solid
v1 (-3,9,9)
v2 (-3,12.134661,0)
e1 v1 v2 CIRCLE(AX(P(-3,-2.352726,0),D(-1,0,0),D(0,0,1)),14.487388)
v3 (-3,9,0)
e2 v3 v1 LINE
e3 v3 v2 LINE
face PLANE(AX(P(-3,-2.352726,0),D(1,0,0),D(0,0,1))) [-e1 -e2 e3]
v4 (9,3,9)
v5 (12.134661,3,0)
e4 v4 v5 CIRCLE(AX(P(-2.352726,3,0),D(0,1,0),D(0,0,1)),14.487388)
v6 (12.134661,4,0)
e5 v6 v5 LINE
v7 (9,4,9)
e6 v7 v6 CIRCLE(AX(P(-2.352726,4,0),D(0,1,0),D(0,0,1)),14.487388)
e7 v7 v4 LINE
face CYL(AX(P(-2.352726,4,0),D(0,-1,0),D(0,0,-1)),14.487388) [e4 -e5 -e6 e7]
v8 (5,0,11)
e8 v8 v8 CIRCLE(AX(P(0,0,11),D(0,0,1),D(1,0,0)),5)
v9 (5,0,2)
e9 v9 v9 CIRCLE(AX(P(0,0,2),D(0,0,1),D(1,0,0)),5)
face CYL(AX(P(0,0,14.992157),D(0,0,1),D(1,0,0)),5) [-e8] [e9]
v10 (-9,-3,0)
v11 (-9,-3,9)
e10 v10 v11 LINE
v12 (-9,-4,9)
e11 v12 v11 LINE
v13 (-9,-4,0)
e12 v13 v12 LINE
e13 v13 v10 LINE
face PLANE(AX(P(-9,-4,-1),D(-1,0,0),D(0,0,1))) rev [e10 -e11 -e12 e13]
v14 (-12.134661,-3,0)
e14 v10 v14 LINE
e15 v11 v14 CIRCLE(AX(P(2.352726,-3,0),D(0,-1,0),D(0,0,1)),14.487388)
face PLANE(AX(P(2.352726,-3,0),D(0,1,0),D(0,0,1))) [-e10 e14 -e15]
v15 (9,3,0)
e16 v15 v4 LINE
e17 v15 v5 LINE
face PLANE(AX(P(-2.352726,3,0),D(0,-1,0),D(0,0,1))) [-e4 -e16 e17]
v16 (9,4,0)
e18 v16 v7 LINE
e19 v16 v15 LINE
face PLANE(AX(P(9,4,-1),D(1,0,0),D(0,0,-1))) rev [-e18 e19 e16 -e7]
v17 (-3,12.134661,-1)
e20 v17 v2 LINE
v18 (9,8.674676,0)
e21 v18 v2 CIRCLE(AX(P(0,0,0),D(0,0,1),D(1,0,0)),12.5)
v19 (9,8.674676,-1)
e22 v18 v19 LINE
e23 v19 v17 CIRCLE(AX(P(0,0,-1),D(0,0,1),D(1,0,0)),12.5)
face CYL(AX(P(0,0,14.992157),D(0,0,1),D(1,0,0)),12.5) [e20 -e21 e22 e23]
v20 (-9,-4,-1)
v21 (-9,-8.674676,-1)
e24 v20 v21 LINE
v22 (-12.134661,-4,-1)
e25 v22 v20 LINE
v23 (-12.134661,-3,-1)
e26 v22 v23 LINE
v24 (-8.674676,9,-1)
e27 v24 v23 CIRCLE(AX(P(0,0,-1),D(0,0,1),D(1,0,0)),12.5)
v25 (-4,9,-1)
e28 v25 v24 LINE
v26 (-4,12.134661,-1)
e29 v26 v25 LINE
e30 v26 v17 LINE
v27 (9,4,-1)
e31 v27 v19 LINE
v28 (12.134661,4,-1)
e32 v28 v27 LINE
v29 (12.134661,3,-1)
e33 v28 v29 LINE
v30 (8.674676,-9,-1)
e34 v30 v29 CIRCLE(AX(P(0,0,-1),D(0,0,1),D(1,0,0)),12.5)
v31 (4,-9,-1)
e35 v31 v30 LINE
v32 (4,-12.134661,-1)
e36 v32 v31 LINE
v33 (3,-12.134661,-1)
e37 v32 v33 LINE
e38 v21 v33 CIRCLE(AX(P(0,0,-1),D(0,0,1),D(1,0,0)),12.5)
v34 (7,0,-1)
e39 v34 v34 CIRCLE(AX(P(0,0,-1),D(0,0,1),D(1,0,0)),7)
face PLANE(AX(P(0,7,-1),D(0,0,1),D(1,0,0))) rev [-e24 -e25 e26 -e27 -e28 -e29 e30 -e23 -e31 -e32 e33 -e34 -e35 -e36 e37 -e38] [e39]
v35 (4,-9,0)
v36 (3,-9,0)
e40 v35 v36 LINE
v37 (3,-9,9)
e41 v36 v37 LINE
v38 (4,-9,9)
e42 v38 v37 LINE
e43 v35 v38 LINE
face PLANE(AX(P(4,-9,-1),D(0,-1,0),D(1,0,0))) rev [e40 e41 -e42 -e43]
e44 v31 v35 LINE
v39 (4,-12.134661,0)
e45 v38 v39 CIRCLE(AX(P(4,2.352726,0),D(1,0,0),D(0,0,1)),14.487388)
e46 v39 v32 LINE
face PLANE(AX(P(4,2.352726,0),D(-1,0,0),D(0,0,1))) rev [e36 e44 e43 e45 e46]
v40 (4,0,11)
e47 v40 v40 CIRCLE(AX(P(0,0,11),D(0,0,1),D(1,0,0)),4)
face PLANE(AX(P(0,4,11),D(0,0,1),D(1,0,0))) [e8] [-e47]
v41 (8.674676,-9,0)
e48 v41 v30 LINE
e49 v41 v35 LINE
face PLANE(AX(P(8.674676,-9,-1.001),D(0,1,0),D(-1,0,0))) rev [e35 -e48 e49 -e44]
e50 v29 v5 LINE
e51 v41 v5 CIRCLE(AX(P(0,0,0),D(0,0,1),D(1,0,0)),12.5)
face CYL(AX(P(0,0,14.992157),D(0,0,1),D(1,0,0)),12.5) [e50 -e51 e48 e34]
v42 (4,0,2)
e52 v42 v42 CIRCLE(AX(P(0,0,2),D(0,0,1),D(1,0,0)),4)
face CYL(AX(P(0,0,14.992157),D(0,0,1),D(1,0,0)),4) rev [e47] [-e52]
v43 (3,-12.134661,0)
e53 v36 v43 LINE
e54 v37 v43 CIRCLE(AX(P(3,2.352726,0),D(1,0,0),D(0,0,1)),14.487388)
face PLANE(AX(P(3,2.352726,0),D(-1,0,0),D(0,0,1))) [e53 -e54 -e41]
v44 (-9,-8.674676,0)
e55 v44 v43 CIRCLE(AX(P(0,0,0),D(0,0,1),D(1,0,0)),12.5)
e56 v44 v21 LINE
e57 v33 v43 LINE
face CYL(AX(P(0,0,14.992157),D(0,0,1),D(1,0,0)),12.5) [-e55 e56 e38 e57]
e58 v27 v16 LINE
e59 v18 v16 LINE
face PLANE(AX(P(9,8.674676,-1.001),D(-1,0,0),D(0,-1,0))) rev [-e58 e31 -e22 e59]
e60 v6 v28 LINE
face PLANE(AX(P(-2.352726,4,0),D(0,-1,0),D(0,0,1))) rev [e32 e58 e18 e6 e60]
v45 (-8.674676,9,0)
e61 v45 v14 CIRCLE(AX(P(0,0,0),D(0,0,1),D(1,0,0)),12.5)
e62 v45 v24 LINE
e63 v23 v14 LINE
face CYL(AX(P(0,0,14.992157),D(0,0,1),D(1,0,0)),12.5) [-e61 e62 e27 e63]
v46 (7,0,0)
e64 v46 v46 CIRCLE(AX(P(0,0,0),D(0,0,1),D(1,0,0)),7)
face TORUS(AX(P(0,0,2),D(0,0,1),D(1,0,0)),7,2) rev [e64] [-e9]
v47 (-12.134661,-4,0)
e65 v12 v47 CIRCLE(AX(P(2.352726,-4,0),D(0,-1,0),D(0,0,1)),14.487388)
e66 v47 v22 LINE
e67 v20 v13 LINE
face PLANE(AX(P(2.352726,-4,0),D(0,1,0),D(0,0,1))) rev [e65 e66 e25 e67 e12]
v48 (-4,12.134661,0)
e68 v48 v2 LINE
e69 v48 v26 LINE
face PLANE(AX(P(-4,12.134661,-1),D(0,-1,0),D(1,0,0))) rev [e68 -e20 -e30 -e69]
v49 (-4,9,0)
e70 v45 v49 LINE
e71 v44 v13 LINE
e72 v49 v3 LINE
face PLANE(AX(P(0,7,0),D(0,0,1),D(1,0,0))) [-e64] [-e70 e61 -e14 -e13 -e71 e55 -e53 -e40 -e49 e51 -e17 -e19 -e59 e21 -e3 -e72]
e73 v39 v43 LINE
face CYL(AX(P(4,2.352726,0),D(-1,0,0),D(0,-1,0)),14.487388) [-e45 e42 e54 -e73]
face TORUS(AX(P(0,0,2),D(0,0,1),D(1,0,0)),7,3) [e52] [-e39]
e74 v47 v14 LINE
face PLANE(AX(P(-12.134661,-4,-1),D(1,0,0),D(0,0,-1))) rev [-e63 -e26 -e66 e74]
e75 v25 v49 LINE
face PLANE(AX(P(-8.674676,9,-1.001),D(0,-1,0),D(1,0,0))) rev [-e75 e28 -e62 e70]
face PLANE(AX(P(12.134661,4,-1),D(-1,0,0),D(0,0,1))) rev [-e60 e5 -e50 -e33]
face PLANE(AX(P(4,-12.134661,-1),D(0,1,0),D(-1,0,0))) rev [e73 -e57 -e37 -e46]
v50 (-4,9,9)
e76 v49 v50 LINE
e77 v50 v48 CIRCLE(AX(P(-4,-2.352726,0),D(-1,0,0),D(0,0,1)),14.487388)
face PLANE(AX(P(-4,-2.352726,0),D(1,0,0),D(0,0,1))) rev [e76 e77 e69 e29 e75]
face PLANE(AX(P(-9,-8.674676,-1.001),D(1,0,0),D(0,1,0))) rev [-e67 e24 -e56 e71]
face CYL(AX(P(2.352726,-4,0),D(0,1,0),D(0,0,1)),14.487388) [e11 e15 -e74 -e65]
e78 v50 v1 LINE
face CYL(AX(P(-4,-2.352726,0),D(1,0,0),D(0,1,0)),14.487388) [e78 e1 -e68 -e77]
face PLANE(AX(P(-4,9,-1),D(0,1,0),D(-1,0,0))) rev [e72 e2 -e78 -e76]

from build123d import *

# Parameters (mm, degrees)
CUT_EXTRUDE1_REACH  = 22.821
SKETCH2_W           = 5.674675786
SKETCH2_H           = 3.1346611
BOSS_EXTRUDE1_DEPTH = 1
CIRPATTERN1_COUNT   = 4


with BuildPart() as part:
    # Sketch1 → Revolve-Thin2 (revolve)
    with BuildSketch(Plane.YZ, mode=Mode.PRIVATE) as revolve_thin2_sk:
        with BuildLine():
            Line((5, 11), (5, 2))
            ThreePointArc((5, 2), (5.585786438, 0.585786438), (7, 0))
            Line((7, 0), (12.5, 0))
            Line((12.5, 0), (12.5, -1))
            Line((12.5, -1), (7, -1))
            ThreePointArc((7, -1), (4.878679656, -0.121320344), (4, 2))
            Line((4, 2), (4, 11))
            Line((4, 11), (5, 11))
        make_face()
    revolve(revolve_thin2_sk.sketch.rotate(Axis((0, 0, 14.992157351), (0, 0, -1)), 90), axis=Axis((0, 0, 14.992157351), (0, 0, -1)))

    # Sketch2 → Cut-Extrude1 (cut, up to next)
    with BuildSketch(Plane(origin=(0, 0, 0), x_dir=(0, 1, 0), z_dir=(0, 0, 1)), mode=Mode.PRIVATE) as cut_extrude1_sk1:
        with Locations((-5.837337893, 10.56733055)):
            Rectangle(SKETCH2_W, SKETCH2_H)
    cut_extrude1_tool1 = extrude(cut_extrude1_sk1.sketch, amount=-CUT_EXTRUDE1_REACH, mode=Mode.PRIVATE) & part.part
    cut_extrude1 = cut_extrude1_tool1.solids().sort_by_distance((-10.567331, -5.837338, 0))[0]
    add(cut_extrude1, mode=Mode.SUBTRACT)

    # Sketch3 → Boss-Extrude1 (add)
    with BuildSketch(Plane.XZ.offset(3)):
        with BuildLine():
            Line((-9, -1), (-9, 9))
            ThreePointArc((-9, 9), (-11.328570013, 4.765136415), (-12.1346611, 0))
            Line((-12.1346611, 0), (-12.1346611, -1))
            Line((-12.1346611, -1), (-9, -1))
        make_face()
    boss_extrude1 = extrude(amount=BOSS_EXTRUDE1_DEPTH)

    # CirPattern1: Cut-Extrude1, Boss-Extrude1 ×4 about axis
    cirpattern1_axis = Axis((0, 0, 0), (0, 0, 1))
    add([cut_extrude1.rotate(cirpattern1_axis, i * 360 / CIRPATTERN1_COUNT) for i in range(1, CIRPATTERN1_COUNT)], mode=Mode.SUBTRACT)
    add([boss_extrude1.rotate(cirpattern1_axis, i * 360 / CIRPATTERN1_COUNT) for i in range(1, CIRPATTERN1_COUNT)])


solid = part.part
